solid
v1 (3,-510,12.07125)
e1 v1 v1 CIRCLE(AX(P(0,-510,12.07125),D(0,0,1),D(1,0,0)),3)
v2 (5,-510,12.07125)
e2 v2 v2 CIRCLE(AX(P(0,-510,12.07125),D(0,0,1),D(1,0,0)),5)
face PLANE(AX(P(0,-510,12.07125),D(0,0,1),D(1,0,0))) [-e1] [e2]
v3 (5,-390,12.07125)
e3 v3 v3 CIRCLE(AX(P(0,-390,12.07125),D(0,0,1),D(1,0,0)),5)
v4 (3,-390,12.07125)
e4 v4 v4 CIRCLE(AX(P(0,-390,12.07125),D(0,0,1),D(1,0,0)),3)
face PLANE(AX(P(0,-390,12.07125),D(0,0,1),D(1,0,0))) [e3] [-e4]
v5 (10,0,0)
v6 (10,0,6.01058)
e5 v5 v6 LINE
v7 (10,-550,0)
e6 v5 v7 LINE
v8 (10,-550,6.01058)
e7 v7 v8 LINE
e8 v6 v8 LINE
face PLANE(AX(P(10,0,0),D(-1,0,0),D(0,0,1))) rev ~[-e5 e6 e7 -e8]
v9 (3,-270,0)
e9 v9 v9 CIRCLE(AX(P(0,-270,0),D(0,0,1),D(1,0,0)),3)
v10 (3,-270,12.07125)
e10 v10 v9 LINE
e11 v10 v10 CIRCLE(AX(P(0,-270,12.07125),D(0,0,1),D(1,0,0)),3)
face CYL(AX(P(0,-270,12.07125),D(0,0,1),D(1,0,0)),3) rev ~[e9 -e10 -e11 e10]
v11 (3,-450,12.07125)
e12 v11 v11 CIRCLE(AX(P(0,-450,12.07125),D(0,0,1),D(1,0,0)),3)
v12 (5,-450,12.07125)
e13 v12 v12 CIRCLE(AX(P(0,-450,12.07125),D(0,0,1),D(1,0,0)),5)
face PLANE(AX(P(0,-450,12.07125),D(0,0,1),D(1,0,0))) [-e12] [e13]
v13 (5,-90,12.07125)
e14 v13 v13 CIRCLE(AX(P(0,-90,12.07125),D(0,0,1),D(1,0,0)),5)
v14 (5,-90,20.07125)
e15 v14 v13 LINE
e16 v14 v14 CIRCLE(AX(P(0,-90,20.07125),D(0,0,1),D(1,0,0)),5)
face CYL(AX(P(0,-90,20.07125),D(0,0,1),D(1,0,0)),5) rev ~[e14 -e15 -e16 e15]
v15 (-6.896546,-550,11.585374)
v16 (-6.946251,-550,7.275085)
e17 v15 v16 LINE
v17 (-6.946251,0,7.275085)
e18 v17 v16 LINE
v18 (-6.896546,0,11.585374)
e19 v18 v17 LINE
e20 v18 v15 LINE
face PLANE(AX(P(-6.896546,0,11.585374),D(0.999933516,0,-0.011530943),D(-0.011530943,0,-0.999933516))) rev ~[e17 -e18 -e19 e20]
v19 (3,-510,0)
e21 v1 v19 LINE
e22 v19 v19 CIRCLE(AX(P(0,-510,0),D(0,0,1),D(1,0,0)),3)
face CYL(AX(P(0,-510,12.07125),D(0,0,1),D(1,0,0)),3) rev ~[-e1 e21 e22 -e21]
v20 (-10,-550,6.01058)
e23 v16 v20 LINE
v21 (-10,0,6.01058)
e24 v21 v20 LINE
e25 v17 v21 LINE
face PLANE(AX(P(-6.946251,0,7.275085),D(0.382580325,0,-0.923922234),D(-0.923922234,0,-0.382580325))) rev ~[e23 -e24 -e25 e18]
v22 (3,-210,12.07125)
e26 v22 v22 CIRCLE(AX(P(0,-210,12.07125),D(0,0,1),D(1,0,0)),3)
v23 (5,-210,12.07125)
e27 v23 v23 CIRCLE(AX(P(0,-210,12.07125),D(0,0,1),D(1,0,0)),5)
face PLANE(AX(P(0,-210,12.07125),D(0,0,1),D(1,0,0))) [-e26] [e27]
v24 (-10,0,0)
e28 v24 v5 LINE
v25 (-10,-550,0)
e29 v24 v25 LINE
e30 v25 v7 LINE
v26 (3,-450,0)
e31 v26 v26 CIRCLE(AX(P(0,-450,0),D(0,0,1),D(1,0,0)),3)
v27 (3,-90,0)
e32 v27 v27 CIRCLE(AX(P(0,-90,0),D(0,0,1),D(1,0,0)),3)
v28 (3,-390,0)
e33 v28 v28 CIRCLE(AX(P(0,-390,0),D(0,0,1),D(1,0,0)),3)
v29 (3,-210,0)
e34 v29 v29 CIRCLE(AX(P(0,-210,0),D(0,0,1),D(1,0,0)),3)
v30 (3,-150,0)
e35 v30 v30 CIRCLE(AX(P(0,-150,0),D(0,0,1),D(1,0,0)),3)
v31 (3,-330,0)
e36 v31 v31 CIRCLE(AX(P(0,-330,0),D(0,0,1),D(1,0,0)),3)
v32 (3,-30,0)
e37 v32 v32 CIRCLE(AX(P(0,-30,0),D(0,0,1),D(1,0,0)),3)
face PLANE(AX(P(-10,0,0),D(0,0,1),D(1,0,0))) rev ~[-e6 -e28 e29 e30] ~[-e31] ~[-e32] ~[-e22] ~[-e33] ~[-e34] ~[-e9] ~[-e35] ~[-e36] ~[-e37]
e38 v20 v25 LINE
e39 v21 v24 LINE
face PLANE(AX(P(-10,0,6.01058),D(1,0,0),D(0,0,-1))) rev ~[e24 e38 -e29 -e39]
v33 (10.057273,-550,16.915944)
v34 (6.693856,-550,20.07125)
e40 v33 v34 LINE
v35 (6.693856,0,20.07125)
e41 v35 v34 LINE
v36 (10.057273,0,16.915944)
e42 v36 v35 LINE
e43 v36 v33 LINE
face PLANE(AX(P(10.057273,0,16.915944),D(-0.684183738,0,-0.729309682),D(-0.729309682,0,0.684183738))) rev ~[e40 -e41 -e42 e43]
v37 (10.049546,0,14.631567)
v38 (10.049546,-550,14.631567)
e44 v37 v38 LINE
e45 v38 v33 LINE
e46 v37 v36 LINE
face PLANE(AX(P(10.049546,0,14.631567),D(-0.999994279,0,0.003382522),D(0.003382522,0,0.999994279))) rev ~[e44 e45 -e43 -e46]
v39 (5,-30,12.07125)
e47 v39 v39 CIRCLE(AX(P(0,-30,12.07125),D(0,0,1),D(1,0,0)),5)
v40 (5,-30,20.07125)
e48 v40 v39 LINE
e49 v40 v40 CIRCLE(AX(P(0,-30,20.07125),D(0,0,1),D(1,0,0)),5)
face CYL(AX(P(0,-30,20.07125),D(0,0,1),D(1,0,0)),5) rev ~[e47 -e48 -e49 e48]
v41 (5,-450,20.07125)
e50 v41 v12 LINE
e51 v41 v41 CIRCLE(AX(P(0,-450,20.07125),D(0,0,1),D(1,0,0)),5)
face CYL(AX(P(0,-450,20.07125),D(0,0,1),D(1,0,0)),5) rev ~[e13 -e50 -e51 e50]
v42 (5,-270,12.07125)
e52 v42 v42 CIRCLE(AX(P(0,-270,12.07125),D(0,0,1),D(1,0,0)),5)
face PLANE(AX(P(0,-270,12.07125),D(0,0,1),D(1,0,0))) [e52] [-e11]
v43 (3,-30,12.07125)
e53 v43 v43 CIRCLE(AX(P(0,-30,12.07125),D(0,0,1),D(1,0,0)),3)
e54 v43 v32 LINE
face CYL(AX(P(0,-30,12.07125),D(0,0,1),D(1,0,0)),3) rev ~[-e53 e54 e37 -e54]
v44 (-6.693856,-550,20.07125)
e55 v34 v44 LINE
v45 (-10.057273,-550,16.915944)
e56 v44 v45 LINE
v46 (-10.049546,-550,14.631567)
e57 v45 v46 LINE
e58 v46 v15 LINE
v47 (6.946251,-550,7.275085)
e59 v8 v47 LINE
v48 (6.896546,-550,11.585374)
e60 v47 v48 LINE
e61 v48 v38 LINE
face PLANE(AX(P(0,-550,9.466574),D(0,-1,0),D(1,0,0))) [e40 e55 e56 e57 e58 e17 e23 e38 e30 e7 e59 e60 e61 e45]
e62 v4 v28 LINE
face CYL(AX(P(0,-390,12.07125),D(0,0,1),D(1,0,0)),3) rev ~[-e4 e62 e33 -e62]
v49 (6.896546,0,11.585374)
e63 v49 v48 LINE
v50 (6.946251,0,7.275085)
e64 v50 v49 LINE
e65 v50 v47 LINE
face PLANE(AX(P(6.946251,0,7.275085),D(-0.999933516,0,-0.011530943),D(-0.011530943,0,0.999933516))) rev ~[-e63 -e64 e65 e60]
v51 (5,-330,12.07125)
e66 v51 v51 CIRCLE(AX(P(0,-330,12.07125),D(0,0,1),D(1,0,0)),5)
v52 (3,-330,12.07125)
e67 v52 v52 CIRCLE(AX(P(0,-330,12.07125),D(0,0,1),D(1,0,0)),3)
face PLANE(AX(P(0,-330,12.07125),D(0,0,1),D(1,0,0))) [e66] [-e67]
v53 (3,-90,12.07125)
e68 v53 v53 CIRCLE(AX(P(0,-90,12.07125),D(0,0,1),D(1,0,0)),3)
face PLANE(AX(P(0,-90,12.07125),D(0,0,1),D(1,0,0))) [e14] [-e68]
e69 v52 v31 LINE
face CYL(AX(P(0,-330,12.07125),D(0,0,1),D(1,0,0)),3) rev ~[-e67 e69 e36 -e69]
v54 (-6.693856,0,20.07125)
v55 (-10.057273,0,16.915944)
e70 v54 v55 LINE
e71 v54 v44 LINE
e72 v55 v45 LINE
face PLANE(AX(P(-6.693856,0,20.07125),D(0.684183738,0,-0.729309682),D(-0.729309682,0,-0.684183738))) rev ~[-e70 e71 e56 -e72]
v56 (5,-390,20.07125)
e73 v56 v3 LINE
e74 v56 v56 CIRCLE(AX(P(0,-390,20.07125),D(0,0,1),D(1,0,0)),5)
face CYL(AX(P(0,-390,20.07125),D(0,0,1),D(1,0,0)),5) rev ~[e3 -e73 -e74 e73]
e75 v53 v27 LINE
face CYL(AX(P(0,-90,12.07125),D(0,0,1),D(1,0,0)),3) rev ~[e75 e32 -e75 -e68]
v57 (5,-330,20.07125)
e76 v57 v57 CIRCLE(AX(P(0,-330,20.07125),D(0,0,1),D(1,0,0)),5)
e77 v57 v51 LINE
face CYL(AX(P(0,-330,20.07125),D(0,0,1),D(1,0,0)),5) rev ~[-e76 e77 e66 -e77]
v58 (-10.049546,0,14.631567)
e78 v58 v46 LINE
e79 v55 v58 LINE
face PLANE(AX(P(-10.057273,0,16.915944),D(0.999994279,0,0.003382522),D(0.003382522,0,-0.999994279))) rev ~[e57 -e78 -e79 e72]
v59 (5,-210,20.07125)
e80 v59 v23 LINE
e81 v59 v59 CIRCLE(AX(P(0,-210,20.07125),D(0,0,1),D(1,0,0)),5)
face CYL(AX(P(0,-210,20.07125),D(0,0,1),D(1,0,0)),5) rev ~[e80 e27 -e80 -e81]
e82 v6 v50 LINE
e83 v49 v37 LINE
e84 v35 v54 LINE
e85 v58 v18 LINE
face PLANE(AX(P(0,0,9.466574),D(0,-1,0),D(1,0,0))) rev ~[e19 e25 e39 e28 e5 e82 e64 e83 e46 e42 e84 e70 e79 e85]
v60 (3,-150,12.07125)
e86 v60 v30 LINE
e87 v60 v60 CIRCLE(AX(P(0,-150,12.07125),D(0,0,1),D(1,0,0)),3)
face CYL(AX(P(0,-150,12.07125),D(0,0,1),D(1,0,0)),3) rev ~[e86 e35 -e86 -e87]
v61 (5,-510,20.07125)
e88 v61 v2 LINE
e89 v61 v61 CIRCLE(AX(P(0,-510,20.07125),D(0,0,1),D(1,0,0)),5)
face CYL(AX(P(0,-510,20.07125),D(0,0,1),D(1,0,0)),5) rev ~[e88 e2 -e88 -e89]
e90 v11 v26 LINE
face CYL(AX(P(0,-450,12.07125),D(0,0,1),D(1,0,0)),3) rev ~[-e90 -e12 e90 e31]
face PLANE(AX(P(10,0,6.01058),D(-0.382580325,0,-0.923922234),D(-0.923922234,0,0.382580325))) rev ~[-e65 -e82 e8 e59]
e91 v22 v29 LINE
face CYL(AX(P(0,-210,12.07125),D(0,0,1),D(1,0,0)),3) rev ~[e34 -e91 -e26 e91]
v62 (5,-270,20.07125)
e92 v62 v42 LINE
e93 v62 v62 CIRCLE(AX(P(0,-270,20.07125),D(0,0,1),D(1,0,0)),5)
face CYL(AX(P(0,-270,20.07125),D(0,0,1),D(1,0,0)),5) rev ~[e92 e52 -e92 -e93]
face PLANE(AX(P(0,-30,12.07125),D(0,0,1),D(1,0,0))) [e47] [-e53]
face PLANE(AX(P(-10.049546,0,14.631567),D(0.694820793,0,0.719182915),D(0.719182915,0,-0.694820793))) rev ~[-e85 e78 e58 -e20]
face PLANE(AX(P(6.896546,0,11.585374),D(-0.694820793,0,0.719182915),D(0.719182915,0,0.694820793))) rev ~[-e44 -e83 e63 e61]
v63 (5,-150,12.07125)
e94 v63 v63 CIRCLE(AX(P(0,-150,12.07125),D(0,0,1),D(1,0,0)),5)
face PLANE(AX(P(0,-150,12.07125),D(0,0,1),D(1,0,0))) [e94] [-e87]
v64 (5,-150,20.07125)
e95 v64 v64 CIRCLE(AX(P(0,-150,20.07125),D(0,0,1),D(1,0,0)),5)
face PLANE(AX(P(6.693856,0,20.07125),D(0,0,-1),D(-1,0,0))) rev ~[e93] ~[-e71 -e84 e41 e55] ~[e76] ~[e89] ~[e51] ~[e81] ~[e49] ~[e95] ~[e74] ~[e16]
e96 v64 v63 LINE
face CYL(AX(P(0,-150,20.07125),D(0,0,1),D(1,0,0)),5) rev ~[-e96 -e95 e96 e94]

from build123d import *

# Parameters (mm, degrees)
F1_DEPTH = 550
F2_R     = 5
F3_DEPTH = 8
F4_R     = 3
F5_DEPTH = 25


with BuildPart() as f1:
    # F0 (on Front) → F1 (new body)
    with BuildSketch(Plane.XZ):
        Polygon((-10.057273, 16.915944), (-10.049546, 14.631567), (-6.896546, 11.585374), (-6.946251, 7.275085), (-10, 6.01058), (-10, 0), (0, 0), (10, 0), (10, 6.01058), (6.946251, 7.275085), (6.896546, 11.585374), (10.049546, 14.631567), (10.057273, 16.915944), (6.693856, 20.07125), (0, 20.07125), (-6.693856, 20.07125), align=None)
    extrude(amount=F1_DEPTH)

    # F2 (on face) → F3 (cut)
    with BuildSketch(Plane.XY.offset(20.07125)):
        with Locations((0, -510)):
            Circle(F2_R)
        with Locations((0, -450)):
            Circle(F2_R)
        with Locations((0, -390)):
            Circle(F2_R)
        with Locations((0, -330)):
            Circle(F2_R)
        with Locations((0, -270)):
            Circle(F2_R)
        with Locations((0, -210)):
            Circle(F2_R)
        with Locations((0, -150)):
            Circle(F2_R)
        with Locations((0, -90)):
            Circle(F2_R)
        with Locations((0, -30)):
            Circle(F2_R)
    extrude(amount=-F3_DEPTH, mode=Mode.SUBTRACT)

    # F4 (on face) → F5 (cut)
    with BuildSketch(Plane.XY.offset(12.07125)):
        with Locations((0, -510)):
            Circle(F4_R)
        with Locations((0, -450)):
            Circle(F4_R)
        with Locations((0, -390)):
            Circle(F4_R)
        with Locations((0, -330)):
            Circle(F4_R)
        with Locations((0, -270)):
            Circle(F4_R)
        with Locations((0, -210)):
            Circle(F4_R)
        with Locations((0, -150)):
            Circle(F4_R)
        with Locations((0, -30)):
            Circle(F4_R)
        with Locations((0, -90)):
            Circle(F4_R)
    extrude(amount=-F5_DEPTH, mode=Mode.SUBTRACT)


solid = f1.part
